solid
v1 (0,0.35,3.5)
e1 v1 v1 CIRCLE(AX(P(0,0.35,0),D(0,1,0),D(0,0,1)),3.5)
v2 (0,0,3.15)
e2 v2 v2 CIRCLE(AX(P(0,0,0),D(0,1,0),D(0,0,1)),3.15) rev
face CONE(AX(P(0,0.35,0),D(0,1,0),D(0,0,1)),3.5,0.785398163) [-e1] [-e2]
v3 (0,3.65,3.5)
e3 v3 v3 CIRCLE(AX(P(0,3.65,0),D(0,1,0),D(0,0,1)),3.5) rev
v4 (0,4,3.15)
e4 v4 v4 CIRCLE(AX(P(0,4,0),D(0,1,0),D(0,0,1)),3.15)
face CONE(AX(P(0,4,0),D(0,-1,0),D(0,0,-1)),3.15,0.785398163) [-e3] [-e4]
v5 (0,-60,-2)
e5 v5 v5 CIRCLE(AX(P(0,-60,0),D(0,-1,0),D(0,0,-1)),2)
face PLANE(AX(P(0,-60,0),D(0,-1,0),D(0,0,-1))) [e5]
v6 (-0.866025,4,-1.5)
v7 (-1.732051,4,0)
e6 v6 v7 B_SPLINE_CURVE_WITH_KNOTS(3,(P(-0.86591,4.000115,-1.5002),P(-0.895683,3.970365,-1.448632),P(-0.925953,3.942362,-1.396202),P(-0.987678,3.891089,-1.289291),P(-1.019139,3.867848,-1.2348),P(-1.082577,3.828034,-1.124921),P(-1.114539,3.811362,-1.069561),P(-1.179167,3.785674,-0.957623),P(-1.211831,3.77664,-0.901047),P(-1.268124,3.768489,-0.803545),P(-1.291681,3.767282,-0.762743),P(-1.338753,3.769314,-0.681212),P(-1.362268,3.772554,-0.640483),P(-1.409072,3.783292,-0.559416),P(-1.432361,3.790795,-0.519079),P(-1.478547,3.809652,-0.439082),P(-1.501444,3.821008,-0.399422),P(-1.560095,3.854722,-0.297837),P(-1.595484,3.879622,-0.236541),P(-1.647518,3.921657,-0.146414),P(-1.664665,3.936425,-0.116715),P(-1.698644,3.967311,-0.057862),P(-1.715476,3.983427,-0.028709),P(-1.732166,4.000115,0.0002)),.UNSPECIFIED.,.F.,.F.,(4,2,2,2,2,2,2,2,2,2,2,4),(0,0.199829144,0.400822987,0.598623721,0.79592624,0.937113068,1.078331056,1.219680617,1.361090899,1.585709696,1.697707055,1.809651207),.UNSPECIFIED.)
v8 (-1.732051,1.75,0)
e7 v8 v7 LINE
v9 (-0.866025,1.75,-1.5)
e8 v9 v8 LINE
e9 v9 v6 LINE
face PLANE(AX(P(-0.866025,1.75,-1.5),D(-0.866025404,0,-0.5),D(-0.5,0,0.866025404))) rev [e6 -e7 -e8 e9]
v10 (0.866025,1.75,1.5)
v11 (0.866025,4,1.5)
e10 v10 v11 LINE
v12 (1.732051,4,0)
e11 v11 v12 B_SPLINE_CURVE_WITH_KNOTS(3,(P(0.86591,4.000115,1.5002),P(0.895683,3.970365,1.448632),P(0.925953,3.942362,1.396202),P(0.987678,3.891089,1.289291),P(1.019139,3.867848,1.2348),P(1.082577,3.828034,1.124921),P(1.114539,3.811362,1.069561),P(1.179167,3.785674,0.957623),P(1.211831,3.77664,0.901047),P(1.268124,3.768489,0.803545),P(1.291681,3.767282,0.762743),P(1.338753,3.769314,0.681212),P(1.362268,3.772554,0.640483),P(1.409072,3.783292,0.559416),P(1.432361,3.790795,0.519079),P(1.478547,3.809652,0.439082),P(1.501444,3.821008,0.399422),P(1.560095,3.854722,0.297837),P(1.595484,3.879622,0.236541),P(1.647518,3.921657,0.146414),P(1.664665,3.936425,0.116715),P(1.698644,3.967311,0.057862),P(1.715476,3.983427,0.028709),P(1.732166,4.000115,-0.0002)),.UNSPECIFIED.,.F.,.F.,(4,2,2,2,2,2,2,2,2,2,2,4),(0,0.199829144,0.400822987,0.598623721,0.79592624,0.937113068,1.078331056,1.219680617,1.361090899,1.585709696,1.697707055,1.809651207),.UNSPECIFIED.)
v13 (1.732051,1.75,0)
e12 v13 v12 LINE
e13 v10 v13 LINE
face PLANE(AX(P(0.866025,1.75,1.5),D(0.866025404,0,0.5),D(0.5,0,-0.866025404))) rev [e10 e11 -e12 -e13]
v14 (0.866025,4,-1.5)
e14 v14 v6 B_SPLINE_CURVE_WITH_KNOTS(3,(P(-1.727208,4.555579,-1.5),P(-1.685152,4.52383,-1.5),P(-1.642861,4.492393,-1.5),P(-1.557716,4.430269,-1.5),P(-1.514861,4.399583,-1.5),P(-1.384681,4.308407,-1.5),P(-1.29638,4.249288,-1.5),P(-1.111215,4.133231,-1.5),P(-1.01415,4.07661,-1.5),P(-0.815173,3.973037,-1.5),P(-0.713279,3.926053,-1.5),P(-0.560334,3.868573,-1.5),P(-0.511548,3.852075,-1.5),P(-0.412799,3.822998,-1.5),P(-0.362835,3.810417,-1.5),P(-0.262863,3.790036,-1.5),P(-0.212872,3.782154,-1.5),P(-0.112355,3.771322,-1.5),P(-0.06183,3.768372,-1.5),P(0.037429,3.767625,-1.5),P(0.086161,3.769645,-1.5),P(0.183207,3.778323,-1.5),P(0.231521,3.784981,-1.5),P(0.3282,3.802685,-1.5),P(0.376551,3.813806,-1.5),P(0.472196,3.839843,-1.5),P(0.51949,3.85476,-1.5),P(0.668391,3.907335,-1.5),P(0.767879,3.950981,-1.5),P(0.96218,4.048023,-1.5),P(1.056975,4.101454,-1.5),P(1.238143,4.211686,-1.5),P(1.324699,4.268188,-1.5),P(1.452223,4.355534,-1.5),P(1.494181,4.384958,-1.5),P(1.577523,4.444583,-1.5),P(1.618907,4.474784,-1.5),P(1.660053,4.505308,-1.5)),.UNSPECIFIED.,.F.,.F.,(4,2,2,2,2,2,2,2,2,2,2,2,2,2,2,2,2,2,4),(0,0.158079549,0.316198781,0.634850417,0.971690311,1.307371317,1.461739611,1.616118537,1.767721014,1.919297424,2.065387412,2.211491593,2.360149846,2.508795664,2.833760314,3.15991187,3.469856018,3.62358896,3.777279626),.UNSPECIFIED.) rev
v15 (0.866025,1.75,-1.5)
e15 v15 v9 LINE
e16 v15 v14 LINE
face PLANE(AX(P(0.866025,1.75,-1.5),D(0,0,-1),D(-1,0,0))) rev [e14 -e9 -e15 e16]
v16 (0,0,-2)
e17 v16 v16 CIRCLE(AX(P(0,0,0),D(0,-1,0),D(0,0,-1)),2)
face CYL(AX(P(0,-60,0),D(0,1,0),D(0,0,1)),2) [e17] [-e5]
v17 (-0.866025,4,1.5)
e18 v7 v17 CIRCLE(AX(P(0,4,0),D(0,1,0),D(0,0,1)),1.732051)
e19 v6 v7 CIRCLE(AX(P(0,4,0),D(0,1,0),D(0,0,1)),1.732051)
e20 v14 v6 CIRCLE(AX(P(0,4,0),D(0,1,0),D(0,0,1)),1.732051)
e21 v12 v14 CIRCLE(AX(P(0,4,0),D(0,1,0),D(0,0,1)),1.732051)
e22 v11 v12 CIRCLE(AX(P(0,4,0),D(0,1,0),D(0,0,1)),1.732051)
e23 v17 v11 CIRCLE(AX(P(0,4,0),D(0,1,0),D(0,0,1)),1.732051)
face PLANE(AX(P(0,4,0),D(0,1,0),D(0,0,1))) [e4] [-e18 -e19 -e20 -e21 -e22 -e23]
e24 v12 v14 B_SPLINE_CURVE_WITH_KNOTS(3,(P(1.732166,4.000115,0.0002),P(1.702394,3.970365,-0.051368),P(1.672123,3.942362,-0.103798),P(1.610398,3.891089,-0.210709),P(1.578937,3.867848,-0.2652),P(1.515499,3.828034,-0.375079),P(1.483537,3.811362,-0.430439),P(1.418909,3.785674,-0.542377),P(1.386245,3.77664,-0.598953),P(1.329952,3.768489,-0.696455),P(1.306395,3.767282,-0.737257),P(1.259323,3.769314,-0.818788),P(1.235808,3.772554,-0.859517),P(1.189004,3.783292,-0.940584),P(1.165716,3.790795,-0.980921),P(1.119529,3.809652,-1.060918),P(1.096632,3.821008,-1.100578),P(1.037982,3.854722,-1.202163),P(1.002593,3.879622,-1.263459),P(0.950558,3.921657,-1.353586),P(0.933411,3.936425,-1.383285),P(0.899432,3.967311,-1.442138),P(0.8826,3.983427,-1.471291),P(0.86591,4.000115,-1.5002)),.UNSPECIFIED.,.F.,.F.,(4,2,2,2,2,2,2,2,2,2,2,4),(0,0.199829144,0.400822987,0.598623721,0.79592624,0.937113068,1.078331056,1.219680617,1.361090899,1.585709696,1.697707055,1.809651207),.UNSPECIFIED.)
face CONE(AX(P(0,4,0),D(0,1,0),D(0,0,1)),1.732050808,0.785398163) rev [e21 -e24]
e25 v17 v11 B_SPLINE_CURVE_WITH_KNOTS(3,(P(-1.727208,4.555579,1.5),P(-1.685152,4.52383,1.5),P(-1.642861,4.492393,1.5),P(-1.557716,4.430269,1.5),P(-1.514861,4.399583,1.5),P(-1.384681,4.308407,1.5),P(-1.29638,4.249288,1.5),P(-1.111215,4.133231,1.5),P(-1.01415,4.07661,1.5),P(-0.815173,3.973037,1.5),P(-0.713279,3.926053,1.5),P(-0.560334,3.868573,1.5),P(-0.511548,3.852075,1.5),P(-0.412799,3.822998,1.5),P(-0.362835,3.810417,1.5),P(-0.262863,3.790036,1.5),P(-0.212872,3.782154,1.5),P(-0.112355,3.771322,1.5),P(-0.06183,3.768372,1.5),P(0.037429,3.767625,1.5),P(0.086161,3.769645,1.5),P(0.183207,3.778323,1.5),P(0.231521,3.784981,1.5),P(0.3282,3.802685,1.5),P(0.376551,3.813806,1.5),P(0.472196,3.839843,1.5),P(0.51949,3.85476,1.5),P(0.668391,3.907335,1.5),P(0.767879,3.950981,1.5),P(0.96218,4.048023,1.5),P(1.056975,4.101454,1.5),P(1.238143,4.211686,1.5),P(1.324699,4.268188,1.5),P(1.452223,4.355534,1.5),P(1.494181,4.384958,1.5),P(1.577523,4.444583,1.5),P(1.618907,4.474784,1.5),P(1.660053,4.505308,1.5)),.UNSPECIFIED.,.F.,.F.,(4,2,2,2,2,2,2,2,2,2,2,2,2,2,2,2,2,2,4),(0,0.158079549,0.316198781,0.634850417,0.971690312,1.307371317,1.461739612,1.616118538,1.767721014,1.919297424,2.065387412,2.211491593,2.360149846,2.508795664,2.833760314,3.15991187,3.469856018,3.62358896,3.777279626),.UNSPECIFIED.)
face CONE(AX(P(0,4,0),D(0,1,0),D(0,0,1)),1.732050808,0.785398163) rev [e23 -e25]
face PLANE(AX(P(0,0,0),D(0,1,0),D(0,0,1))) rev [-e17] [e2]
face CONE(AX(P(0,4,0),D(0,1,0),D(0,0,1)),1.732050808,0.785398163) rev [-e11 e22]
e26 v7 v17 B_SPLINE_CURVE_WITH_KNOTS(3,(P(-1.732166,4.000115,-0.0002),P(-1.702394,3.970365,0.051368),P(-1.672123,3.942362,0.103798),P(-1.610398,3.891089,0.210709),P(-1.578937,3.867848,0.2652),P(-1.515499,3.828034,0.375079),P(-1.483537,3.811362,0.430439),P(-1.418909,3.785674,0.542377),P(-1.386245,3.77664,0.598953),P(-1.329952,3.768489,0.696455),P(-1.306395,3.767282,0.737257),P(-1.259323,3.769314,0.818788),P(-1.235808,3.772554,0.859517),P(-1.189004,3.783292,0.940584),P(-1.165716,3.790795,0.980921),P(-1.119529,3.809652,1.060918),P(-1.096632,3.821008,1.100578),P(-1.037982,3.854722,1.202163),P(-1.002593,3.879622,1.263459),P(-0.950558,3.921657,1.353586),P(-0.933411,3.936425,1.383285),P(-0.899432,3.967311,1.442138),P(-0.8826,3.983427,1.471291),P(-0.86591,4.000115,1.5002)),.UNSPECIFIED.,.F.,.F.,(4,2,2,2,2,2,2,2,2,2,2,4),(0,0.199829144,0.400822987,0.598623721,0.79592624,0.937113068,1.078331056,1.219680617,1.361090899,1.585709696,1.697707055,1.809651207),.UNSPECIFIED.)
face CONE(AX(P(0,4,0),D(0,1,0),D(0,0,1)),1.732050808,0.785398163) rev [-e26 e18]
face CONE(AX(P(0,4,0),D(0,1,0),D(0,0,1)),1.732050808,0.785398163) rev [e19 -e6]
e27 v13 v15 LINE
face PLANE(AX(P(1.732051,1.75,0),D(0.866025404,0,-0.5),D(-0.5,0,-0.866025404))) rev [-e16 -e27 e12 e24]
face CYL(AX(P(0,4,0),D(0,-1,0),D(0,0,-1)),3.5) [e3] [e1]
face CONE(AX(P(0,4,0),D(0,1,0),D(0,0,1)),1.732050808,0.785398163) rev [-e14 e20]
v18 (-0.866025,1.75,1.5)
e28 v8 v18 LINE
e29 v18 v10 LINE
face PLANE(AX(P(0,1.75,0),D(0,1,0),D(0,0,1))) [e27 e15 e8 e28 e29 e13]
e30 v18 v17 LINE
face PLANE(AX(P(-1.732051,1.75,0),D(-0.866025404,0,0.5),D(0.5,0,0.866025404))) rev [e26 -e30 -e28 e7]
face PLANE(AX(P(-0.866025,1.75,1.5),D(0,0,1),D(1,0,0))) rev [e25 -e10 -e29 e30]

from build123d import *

# Parameters (mm, degrees)
SKETCH1_R           = 3.5
BOSS_EXTRUDE1_DEPTH = 4
CUT_EXTRUDE1_DEPTH  = 2.25
CHAMFER1_SIZE       = 0.35
SKETCH_1_R          = 2
EXTRUDE_1_DEPTH     = 60


with BuildPart() as part:
    # Sketch1 → Boss-Extrude1 (new body)
    with BuildSketch(Plane(origin=(0, 0, 0), x_dir=(1, 0, 0), z_dir=(0, 1, 0))):
        with Locations(Location((0, 0, 0), (0, 0, 270))):
            Circle(SKETCH1_R)
    extrude(amount=BOSS_EXTRUDE1_DEPTH)

    # Sketch2 → Cut-Extrude1 (cut)
    with BuildSketch(Plane(origin=(0, 4, 0), x_dir=(1, 0, 0), z_dir=(0, 1, 0))):
        Polygon((0.866025404, 1.5), (-0.866025404, 1.5), (-1.732050808, 0), (-0.866025404, -1.5), (0.866025404, -1.5), (1.732050808, 0), align=None)
    extrude(amount=-CUT_EXTRUDE1_DEPTH, mode=Mode.SUBTRACT)

    # Cut-Extrude2 cone 1 section (through the dimple's axis) → Cut-Extrude2 (revolve, cut)
    with BuildSketch(Plane(origin=(0, 4, 0), x_dir=(0, 0, 1), z_dir=(1, 0, 0))):
        Polygon((0, 0), (1.732050808, 0), (0, 1.732050808), align=None)
    revolve(axis=Axis((0, 4, 0), (0, -1, 0)), mode=Mode.SUBTRACT)

    # Chamfer1
    chamfer1_edges = [part.edges().sort_by_distance(p)[0] for p in [
        (0, 0, -3.5),
        (0, 4, -3.5),
    ]]
    chamfer(chamfer1_edges, length=CHAMFER1_SIZE)

    # 草图1 → 凸台-拉伸1 (add)
    with BuildSketch(Plane(origin=(0, 0, 0), x_dir=(-1, 0, 0), z_dir=(0, -1, 0))):
        with Locations(Location((0, 0, 0), (0, 0, 90))):
            Circle(SKETCH_1_R)
    extrude(amount=EXTRUDE_1_DEPTH)


solid = part.part
